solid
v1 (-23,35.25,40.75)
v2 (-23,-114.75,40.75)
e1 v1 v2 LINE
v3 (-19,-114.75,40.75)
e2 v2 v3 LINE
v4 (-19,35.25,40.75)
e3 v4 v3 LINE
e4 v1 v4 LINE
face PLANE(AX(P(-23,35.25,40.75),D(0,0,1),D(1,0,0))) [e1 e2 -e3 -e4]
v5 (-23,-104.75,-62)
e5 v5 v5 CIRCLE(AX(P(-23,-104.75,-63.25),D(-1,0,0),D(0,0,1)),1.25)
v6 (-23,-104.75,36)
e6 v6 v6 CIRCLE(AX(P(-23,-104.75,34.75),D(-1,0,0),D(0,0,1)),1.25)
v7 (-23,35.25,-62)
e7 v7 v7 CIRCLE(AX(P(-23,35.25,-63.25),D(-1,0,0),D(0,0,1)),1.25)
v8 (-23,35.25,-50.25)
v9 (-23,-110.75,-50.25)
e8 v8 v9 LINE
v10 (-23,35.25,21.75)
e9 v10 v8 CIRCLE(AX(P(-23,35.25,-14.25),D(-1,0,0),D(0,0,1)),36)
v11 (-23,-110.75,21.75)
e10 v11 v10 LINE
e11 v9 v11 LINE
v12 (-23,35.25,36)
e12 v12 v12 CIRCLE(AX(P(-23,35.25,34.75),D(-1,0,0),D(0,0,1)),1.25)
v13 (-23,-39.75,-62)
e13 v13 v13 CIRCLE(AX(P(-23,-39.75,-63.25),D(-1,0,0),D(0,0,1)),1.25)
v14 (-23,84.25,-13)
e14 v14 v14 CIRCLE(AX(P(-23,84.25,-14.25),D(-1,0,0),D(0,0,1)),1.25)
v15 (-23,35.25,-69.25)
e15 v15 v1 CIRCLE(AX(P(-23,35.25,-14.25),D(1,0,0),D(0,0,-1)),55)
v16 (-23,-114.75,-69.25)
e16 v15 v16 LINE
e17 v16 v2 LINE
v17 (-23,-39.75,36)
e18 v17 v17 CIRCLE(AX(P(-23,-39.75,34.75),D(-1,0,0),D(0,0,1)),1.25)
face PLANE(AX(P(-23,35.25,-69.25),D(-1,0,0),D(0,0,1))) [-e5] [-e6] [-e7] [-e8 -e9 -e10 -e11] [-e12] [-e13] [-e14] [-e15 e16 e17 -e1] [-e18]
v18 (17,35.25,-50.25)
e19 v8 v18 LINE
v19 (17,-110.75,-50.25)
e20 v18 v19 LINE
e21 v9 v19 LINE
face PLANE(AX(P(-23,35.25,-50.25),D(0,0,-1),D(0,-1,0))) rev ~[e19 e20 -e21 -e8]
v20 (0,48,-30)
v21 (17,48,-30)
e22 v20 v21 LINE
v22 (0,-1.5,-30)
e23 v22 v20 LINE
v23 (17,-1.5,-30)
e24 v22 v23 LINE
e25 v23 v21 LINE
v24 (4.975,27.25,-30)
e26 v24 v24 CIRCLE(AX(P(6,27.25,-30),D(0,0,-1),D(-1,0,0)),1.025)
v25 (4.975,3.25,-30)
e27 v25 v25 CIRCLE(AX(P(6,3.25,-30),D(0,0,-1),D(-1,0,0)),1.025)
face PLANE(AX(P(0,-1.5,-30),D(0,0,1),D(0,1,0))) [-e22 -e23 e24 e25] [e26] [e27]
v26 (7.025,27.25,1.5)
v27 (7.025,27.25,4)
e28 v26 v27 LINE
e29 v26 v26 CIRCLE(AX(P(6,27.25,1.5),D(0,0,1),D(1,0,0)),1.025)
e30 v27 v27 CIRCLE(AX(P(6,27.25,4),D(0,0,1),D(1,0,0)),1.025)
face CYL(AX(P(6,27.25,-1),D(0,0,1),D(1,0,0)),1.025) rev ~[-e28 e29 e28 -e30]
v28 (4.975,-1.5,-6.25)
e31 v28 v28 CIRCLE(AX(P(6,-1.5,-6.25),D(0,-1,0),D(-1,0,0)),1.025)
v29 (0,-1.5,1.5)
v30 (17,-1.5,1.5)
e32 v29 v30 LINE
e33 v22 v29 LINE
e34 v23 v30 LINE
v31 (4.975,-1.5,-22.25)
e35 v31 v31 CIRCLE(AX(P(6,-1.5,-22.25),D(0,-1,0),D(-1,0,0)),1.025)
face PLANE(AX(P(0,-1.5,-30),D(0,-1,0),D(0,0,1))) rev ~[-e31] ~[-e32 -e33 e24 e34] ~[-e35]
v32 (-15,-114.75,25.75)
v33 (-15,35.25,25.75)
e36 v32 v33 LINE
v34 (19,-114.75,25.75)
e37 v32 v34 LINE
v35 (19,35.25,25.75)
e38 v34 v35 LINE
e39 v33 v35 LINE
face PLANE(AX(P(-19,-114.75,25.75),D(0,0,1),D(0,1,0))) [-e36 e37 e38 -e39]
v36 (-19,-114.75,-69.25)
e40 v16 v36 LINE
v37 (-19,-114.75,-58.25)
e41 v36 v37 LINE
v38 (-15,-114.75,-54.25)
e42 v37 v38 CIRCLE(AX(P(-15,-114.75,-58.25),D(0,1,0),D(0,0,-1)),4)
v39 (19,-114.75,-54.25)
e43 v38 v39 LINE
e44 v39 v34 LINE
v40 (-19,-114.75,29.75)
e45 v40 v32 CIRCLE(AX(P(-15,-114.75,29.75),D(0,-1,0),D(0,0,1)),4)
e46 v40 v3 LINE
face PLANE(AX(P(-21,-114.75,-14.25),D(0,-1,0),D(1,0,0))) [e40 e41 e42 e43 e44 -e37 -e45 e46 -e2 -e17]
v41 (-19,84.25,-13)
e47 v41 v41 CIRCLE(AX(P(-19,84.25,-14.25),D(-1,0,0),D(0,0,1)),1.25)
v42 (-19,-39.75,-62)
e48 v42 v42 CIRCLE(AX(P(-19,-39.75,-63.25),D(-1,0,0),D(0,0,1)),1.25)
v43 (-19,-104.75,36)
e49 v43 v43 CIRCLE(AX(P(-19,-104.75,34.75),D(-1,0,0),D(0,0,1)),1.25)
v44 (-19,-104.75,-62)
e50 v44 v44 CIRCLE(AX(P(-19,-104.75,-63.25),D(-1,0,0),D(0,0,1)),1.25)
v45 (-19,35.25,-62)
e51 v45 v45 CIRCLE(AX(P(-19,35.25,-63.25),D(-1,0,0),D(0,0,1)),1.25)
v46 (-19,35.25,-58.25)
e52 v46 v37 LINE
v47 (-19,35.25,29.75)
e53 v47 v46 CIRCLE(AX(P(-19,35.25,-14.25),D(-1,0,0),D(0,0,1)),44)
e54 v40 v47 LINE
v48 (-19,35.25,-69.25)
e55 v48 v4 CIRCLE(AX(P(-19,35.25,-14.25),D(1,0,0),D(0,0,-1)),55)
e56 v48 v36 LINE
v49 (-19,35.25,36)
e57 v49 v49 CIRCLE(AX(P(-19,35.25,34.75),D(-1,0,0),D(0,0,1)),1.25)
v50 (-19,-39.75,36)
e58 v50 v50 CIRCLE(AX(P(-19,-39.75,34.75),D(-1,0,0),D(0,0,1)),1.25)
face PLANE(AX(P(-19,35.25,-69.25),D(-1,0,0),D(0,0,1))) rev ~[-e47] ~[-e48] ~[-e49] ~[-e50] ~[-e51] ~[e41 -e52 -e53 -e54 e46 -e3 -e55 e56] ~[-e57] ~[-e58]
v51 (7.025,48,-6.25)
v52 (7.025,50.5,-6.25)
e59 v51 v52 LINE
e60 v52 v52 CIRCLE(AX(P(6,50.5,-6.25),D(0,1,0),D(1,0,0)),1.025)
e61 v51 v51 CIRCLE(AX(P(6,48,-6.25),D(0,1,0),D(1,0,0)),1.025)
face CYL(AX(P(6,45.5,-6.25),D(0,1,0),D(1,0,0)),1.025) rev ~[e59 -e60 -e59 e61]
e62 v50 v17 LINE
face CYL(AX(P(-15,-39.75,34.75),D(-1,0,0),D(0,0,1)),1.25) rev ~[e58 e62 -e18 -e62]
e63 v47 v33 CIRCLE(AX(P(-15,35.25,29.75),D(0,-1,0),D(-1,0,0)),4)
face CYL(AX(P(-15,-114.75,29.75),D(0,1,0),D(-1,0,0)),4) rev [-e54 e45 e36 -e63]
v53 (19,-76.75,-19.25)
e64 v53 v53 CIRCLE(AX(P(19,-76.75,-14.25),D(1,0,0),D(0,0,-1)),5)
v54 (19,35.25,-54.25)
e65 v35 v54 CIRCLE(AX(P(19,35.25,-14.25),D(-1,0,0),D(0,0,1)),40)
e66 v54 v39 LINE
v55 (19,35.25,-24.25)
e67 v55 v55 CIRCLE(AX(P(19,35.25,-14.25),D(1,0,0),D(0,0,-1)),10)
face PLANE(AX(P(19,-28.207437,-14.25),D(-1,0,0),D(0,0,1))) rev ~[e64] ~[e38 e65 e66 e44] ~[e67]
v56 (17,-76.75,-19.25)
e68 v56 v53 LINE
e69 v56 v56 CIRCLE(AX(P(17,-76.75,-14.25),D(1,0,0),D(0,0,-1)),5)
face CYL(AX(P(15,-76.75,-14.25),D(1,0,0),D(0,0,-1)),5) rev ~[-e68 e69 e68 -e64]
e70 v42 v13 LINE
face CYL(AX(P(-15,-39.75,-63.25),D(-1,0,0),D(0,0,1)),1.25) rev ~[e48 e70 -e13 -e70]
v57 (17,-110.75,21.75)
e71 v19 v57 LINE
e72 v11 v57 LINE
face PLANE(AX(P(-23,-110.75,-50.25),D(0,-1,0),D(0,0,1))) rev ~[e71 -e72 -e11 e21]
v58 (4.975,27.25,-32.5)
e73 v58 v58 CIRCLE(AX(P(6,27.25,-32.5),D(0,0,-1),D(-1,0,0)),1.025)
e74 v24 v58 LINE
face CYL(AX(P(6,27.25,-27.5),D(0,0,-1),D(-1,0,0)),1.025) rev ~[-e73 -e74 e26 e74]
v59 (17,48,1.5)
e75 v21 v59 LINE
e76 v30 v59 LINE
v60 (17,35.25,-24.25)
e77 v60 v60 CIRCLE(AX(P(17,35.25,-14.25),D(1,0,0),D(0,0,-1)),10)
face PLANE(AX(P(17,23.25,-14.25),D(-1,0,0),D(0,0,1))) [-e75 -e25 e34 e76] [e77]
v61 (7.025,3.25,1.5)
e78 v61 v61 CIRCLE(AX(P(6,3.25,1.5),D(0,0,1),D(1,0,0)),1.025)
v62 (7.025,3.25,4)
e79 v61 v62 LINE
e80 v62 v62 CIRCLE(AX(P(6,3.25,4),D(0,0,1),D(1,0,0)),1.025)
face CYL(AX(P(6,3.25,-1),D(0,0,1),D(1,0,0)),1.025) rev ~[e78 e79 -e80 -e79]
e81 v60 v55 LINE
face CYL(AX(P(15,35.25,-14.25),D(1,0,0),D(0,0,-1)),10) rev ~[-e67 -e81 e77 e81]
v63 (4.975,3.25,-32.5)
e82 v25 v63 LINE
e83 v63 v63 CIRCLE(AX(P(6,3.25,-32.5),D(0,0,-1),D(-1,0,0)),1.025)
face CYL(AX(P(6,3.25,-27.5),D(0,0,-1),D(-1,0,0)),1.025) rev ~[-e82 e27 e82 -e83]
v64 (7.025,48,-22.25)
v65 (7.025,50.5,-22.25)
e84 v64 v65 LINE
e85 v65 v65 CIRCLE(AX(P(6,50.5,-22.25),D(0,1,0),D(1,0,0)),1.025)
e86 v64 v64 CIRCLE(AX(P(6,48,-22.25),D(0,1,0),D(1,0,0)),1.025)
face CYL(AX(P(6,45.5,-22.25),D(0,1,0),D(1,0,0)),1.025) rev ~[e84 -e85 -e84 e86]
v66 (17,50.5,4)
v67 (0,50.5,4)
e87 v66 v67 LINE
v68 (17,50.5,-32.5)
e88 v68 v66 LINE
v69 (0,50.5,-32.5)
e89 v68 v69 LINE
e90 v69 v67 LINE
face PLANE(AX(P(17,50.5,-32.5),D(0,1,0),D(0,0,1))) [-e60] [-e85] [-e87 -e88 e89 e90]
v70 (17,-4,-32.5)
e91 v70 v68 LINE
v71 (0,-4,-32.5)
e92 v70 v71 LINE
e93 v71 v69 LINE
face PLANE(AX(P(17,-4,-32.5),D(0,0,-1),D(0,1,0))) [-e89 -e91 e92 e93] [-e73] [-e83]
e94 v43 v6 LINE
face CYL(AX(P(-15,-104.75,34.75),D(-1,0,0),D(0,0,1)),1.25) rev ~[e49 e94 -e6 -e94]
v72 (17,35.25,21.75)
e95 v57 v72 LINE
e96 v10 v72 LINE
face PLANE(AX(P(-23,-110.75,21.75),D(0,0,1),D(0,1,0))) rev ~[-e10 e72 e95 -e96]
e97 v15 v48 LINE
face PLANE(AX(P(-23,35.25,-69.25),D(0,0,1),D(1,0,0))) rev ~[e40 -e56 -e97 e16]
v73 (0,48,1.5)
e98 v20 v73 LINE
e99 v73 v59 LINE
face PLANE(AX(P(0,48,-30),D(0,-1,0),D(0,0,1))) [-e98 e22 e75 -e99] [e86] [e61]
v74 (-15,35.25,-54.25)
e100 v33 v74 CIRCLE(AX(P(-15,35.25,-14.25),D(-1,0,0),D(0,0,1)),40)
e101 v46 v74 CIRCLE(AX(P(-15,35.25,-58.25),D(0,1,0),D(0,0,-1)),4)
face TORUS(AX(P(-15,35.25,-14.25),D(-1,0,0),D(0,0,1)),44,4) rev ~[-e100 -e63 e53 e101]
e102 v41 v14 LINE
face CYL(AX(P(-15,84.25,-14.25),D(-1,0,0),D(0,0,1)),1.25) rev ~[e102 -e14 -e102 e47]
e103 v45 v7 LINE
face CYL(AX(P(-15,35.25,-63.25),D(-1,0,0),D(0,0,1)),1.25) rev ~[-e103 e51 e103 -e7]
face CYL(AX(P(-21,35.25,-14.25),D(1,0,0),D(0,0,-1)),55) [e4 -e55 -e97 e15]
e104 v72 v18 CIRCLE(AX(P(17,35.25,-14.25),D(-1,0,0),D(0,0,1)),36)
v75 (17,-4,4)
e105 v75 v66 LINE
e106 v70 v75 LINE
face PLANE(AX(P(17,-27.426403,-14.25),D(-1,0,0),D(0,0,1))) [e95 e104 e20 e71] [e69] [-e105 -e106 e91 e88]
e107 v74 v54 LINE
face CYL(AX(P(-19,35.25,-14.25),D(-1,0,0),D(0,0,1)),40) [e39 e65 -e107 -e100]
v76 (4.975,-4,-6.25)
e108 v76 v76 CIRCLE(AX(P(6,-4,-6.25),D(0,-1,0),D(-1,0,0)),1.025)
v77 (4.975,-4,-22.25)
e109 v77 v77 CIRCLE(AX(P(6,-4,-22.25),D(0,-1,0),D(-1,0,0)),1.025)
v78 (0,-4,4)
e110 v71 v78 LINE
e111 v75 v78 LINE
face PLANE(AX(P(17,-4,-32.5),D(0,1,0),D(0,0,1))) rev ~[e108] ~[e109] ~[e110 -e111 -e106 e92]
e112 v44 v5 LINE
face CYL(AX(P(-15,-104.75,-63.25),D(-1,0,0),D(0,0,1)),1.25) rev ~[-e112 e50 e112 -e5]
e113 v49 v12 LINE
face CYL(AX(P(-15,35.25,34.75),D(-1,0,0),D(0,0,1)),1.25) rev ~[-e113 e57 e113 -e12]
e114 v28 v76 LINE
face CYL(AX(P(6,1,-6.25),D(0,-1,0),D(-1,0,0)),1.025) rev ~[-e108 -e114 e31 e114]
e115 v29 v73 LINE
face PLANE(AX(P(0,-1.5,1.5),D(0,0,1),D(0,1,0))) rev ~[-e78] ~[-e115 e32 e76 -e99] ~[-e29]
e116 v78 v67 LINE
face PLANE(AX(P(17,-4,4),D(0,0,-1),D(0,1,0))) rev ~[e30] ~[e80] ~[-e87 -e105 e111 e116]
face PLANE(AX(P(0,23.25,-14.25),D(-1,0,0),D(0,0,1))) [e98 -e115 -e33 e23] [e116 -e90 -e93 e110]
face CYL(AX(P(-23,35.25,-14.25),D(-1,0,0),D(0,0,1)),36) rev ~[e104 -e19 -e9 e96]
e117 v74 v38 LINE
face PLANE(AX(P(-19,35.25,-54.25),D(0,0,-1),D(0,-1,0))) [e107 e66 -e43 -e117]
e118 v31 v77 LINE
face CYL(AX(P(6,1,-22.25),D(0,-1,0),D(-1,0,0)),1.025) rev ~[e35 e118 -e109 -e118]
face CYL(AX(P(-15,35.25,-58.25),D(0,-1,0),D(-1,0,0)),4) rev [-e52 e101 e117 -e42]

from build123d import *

# Parameters (mm, degrees)
SKETCH_1_W                    = 4
SKETCH_1_H                    = 55
REVOLVE_1_ANGLE               = 180
SKETCH_2_W                    = 4
SKETCH_2_H                    = 110
EXTRUDE_1_DEPTH               = 150
EXTRUDE_2_DEPTH               = 38
CUT_EXTRUDE_1_DEPTH           = 40
SKETCH_5_W                    = 36.5
SKETCH_5_H                    = 54.5
EXTRUDE_3_DEPTH               = 17
SKETCH_6_W                    = 31.5
SKETCH_6_H                    = 49.5
CUT_EXTRUDE_2_DEPTH           = 17
HOLE_WIZARD_20_0_20_1_D       = 20
HOLE_WIZARD_20_0_20_1_DEPTH   = 2
HOLE_WIZARD_10_0_10_1_D       = 10
HOLE_WIZARD_10_0_10_1_DEPTH   = 2
HOLE_WIZARD_2_5_2_5_1_D       = 2.5
HOLE_WIZARD_2_5_2_5_1_DEPTH   = 4
HOLE_WIZARD_2_05_2_05_1_D     = 2.05
HOLE_WIZARD_2_05_2_05_1_DEPTH = 2.5
HOLE_WIZARD_2_05_2_05_2_D     = 2.05
HOLE_WIZARD_2_05_2_05_2_DEPTH = 2.5
HOLE_WIZARD_2_05_2_05_3_D     = 2.05
HOLE_WIZARD_2_05_2_05_3_DEPTH = 2.5
HOLE_WIZARD_2_05_2_05_4_D     = 2.05
HOLE_WIZARD_2_05_2_05_4_DEPTH = 2.5
FILLET_1_R                    = 4


with BuildPart() as part:
    # 스케치1 → 회전1 (revolve)
    with BuildSketch(Plane.XZ.offset(-35.25)):
        with Locations((-21, -41.75)):
            Rectangle(SKETCH_1_W, SKETCH_1_H)
    revolve(axis=Axis((-18.999896922, 35.25, -14.25), (1, 0, 0)), revolution_arc=REVOLVE_1_ANGLE)

    # 스케치2 → 보스-돌출1 (add)
    with BuildSketch(Plane.XZ.offset(-35.25)):
        with Locations((-21, -14.25)):
            Rectangle(SKETCH_2_W, SKETCH_2_H)
    extrude(amount=EXTRUDE_1_DEPTH)

    # 스케치3 → 보스-돌출2 (add)
    with BuildSketch(Plane(origin=(-19, 0, 0), x_dir=(0, 0, -1), z_dir=(1, 0, 0))):
        with BuildLine():
            Line((-25.75, -114.75), (-25.75, 35.25))
            ThreePointArc((-25.75, 35.25), (14.25, 75.25), (54.25, 35.25))
            Line((54.25, 35.25), (54.25, -114.75))
            Line((54.25, -114.75), (-25.75, -114.75))
        make_face()
    extrude(amount=EXTRUDE_2_DEPTH)

    # 스케치4 → 컷-돌출1 (cut)
    with BuildSketch(Plane.ZY.offset(23)):
        with BuildLine():
            Line((-50.25, -110.75), (21.75, -110.75))
            Line((21.75, -110.75), (21.75, 35.25))
            ThreePointArc((21.75, 35.25), (-14.25, 71.25), (-50.25, 35.25))
            Line((-50.25, 35.25), (-50.25, -110.75))
        make_face()
    extrude(amount=-CUT_EXTRUDE_1_DEPTH, mode=Mode.SUBTRACT)

    # 스케치5 → 보스-돌출3 (add)
    with BuildSketch(Plane.ZY.offset(-17)):
        with Locations((-14.25, 23.25)):
            Rectangle(SKETCH_5_W, SKETCH_5_H)
    extrude(amount=EXTRUDE_3_DEPTH)

    # 스케치6 → 컷-돌출2 (cut)
    with BuildSketch(Plane.ZY):
        with Locations((-14.25, 23.25)):
            Rectangle(SKETCH_6_W, SKETCH_6_H)
    extrude(amount=-CUT_EXTRUDE_2_DEPTH, mode=Mode.SUBTRACT)

    # Ø20.0 (20) 지름 구멍1
    with Locations(Plane.ZY.offset(-17)):
        with Locations((-14.25, 35.25)):
            Hole(HOLE_WIZARD_20_0_20_1_D / 2, depth=HOLE_WIZARD_20_0_20_1_DEPTH)

    # Ø10.0 (10) 지름 구멍1
    with Locations(Plane.ZY.offset(-17)):
        with Locations((-14.25, -76.75)):
            Hole(HOLE_WIZARD_10_0_10_1_D / 2, depth=HOLE_WIZARD_10_0_10_1_DEPTH)

    # Ø2.5 (2.5) 지름 구멍1
    with Locations(Plane(origin=(-19, 0, 0), x_dir=(0, 0, -1), z_dir=(1, 0, 0))):
        with Locations((-34.75, -104.75), (63.25, -104.75), (63.25, -39.75), (63.25, 35.25), (-34.75, 35.25), (-34.75, -39.75), (14.25, 84.25)):
            Hole(HOLE_WIZARD_2_5_2_5_1_D / 2, depth=HOLE_WIZARD_2_5_2_5_1_DEPTH)

    # Ø2.05 (2.05) 지름 구멍1
    with Locations(Plane(origin=(0, -1.5, 0), x_dir=(1, 0, 0), z_dir=(0, 1, 0))):
        with Locations((6, 6.25), (6, 22.25)):
            Hole(HOLE_WIZARD_2_05_2_05_1_D / 2, depth=HOLE_WIZARD_2_05_2_05_1_DEPTH)

    # Ø2.05 (2.05) 지름 구멍2
    with Locations(Plane(origin=(0, 0, 1.5), x_dir=(-1, 0, 0), z_dir=(0, 0, -1))):
        with Locations((-6, 27.25), (-6, 3.25)):
            Hole(HOLE_WIZARD_2_05_2_05_2_D / 2, depth=HOLE_WIZARD_2_05_2_05_2_DEPTH)

    # Ø2.05 (2.05) 지름 구멍3
    with Locations(Plane(origin=(0, 48, 0), x_dir=(-1, 0, 0), z_dir=(0, -1, 0))):
        with Locations((-6, 6.25), (-6, 22.25)):
            Hole(HOLE_WIZARD_2_05_2_05_3_D / 2, depth=HOLE_WIZARD_2_05_2_05_3_DEPTH)

    # Ø2.05 (2.05) 지름 구멍4
    with Locations(Plane.XY.offset(-30)):
        with Locations((6, 27.25), (6, 3.25)):
            Hole(HOLE_WIZARD_2_05_2_05_4_D / 2, depth=HOLE_WIZARD_2_05_2_05_4_DEPTH)

    # 필렛1
    fillet_1_edges = [part.edges().sort_by_distance(p)[0] for p in [
        (-19, -39.75, -54.25),
        (-19, 75.25, -14.25),
        (-19, -39.75, 25.75),
    ]]
    fillet(fillet_1_edges, radius=FILLET_1_R)


solid = part.part
